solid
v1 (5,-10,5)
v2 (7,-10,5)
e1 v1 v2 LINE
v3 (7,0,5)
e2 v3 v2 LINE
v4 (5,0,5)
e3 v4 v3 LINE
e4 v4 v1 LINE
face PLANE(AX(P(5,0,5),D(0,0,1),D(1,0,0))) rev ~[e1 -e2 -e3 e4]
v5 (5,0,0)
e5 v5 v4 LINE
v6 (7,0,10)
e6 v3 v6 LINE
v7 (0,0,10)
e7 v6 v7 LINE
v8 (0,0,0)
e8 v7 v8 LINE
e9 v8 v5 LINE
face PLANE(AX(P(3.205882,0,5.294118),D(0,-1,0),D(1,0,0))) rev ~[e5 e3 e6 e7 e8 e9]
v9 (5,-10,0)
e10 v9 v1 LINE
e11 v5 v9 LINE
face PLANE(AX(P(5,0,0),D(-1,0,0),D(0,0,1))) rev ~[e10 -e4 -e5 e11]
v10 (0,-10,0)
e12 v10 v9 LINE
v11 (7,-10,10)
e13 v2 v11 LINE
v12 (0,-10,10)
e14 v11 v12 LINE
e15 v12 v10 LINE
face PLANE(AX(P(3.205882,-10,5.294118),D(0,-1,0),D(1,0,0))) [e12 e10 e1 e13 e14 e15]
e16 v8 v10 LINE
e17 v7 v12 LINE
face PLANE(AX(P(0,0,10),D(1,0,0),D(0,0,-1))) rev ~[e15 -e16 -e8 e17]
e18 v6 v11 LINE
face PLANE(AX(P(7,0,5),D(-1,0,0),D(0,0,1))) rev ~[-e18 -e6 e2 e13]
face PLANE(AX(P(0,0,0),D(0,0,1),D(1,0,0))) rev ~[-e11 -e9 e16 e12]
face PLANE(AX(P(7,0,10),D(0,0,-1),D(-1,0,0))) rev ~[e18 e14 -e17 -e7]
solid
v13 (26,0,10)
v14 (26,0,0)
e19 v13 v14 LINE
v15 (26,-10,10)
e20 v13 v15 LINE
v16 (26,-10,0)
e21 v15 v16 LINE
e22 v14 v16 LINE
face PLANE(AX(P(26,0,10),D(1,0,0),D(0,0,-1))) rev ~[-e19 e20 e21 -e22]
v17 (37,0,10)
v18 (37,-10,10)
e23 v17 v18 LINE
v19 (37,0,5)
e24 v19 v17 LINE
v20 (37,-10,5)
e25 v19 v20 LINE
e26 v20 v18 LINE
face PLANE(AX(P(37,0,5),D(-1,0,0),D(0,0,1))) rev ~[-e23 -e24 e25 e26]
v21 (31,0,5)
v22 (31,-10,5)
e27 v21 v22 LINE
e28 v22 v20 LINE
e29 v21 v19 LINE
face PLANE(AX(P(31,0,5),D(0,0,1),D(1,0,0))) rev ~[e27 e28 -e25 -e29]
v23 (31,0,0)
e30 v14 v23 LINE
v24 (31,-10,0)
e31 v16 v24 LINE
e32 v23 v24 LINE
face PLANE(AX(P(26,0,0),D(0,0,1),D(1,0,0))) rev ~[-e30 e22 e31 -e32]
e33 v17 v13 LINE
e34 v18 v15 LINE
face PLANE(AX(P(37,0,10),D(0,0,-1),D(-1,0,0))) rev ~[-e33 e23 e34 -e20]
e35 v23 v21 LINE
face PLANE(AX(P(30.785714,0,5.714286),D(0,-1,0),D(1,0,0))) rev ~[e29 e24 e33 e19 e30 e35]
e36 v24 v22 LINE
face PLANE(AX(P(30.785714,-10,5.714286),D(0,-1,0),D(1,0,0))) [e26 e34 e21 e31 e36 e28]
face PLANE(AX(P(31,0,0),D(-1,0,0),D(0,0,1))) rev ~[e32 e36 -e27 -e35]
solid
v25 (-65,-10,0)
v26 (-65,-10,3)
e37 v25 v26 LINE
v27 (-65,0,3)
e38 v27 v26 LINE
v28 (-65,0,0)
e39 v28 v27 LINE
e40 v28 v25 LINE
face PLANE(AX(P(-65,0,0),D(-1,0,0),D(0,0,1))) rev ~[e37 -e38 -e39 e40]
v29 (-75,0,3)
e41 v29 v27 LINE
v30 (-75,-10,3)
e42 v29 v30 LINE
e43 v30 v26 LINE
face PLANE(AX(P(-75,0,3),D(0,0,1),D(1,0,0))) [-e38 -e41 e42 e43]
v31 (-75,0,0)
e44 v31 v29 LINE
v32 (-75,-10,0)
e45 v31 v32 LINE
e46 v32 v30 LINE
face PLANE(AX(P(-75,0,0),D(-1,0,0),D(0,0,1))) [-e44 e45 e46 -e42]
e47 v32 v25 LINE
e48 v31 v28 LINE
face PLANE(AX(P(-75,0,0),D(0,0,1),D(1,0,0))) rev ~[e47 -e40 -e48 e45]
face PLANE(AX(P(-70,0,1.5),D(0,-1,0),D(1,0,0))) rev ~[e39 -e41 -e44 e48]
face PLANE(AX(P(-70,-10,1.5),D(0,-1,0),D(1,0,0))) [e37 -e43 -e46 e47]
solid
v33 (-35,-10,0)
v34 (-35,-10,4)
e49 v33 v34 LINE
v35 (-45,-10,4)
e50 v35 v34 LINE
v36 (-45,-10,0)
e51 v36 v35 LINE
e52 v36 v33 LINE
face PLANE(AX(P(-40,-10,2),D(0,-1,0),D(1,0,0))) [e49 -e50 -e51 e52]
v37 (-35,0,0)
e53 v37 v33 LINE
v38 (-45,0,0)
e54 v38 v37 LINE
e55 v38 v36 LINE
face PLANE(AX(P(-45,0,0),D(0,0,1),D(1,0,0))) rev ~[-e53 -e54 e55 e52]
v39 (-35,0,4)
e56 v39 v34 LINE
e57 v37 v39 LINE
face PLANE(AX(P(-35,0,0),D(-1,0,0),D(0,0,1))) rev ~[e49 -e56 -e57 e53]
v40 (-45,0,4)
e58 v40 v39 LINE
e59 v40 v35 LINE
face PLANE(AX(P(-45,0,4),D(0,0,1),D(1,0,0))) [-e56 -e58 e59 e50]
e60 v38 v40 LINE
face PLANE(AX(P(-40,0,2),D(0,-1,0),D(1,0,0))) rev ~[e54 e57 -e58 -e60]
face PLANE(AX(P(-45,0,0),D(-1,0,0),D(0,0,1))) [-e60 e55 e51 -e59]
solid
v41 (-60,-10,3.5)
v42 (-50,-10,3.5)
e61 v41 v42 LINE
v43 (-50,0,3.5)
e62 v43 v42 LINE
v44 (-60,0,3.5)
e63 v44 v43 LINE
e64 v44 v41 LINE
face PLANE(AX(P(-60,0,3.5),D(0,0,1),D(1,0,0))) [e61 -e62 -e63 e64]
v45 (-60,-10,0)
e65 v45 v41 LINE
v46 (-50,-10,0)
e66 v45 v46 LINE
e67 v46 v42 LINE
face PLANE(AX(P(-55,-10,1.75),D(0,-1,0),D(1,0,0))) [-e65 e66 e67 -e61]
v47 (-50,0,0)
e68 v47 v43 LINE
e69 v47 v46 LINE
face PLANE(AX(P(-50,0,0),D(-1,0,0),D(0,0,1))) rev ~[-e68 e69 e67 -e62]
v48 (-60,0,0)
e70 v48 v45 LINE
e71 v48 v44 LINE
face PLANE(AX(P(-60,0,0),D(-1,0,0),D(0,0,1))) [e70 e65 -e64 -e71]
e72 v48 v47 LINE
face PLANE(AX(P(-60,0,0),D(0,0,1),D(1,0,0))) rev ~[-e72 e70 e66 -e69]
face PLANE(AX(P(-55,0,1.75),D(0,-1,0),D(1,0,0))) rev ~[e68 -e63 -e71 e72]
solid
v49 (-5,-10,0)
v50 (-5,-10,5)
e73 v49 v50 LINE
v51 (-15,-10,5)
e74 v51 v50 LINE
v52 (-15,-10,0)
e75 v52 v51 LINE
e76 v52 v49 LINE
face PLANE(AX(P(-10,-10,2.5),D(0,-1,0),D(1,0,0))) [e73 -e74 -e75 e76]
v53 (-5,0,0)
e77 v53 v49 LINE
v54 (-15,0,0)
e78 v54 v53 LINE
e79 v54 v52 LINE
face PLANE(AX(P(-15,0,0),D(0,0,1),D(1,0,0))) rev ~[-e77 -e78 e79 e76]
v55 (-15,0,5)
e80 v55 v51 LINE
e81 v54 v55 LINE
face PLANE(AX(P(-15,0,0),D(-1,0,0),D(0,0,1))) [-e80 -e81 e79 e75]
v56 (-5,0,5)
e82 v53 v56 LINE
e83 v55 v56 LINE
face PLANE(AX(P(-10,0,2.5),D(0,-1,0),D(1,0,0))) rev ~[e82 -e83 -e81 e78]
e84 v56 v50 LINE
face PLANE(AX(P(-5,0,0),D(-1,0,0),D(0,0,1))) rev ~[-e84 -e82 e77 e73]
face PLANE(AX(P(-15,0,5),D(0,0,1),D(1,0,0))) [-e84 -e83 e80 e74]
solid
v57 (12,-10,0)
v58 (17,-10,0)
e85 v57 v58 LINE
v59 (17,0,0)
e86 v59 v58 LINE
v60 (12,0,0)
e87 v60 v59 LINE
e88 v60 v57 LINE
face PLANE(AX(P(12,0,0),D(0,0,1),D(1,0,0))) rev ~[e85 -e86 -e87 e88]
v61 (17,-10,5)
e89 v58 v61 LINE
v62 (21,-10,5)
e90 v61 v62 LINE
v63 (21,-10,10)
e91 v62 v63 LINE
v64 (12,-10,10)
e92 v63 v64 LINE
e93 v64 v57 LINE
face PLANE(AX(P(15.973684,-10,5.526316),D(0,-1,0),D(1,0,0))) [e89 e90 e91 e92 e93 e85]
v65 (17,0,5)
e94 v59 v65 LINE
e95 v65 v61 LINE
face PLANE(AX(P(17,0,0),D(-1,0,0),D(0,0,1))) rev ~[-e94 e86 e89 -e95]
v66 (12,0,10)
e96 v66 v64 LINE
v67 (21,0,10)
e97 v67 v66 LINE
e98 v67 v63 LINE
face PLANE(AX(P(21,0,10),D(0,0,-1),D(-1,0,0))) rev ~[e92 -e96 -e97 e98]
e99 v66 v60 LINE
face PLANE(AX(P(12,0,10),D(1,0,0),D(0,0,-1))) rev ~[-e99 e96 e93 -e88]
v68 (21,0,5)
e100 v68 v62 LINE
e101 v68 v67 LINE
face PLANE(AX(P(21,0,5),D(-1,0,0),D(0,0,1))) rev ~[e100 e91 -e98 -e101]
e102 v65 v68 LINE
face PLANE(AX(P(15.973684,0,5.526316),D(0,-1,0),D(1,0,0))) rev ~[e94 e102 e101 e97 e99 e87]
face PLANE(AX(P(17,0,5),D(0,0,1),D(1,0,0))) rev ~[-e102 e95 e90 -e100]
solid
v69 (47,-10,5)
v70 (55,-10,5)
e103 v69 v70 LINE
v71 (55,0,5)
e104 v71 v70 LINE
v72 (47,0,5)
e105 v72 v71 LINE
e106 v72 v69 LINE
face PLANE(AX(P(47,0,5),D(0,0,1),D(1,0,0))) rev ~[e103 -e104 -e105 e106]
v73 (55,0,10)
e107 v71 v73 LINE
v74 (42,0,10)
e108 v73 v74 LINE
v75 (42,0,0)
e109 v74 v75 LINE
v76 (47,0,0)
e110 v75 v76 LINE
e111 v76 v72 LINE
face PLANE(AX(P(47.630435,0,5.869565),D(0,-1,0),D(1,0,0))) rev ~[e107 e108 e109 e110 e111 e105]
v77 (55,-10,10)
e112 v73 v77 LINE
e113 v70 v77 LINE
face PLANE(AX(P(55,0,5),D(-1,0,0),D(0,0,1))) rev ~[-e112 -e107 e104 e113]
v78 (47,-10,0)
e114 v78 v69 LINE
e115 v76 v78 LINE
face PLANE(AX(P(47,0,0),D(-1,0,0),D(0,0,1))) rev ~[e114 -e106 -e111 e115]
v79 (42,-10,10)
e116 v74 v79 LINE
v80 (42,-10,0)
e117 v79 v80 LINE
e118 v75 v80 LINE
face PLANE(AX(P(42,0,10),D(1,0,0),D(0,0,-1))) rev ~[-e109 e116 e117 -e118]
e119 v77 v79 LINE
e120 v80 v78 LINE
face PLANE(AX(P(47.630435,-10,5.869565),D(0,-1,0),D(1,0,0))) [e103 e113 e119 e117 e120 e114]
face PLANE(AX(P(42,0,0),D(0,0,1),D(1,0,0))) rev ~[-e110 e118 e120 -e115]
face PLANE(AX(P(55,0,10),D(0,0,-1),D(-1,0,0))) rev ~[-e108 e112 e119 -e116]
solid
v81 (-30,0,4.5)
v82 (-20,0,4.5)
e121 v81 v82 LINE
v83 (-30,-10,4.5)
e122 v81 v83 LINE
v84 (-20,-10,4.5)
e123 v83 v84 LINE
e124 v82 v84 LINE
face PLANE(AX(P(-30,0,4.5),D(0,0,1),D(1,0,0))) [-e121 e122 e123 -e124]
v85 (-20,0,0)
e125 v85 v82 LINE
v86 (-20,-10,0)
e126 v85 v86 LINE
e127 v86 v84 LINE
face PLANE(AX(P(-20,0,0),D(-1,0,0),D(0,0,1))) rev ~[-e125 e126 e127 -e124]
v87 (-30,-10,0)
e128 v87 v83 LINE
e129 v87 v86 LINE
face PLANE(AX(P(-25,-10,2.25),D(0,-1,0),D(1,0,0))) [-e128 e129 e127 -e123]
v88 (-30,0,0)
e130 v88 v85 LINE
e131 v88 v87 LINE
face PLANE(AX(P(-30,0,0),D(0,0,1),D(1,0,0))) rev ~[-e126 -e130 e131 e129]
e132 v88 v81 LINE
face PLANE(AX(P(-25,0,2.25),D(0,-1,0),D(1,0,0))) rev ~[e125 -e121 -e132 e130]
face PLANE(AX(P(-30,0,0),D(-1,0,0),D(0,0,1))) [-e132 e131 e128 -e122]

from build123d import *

# Parameters (mm, degrees)
F1_DEPTH = 10
F2_W     = 10
F2_H     = 3
F2_H_2   = 3.5
F2_H_3   = 4
F2_H_4   = 4.5
F2_H_5   = 5
F3_DEPTH = 10


with BuildPart() as f1:
    # F0 (on Front) → F1 (new body)
    with BuildSketch(Plane.XZ):
        Polygon((0, 10), (0, 0), (5, 0), (5, 5), (7, 5), (7, 10), align=None)
        Polygon((12, 10), (12, 0), (17, 0), (17, 5), (21, 5), (21, 10), align=None)
        Polygon((26, 10), (26, 0), (31, 0), (31, 5), (37, 5), (37, 10), align=None)
        Polygon((42, 10), (42, 0), (47, 0), (47, 5), (55, 5), (55, 10), align=None)
    extrude(amount=F1_DEPTH)


with BuildPart() as f3:
    # F2 (on Front) → F3 (new body)
    with BuildSketch(Plane.XZ):
        with Locations((-70, 1.5)):
            Rectangle(F2_W, F2_H)
        with Locations((-55, 1.75)):
            Rectangle(F2_W, F2_H_2)
        with Locations((-40, 2)):
            Rectangle(F2_W, F2_H_3)
        with Locations((-25, 2.25)):
            Rectangle(F2_W, F2_H_4)
        with Locations((-10, 2.5)):
            Rectangle(F2_W, F2_H_5)
    extrude(amount=F3_DEPTH)


solid = Compound([f1.part, f3.part])
